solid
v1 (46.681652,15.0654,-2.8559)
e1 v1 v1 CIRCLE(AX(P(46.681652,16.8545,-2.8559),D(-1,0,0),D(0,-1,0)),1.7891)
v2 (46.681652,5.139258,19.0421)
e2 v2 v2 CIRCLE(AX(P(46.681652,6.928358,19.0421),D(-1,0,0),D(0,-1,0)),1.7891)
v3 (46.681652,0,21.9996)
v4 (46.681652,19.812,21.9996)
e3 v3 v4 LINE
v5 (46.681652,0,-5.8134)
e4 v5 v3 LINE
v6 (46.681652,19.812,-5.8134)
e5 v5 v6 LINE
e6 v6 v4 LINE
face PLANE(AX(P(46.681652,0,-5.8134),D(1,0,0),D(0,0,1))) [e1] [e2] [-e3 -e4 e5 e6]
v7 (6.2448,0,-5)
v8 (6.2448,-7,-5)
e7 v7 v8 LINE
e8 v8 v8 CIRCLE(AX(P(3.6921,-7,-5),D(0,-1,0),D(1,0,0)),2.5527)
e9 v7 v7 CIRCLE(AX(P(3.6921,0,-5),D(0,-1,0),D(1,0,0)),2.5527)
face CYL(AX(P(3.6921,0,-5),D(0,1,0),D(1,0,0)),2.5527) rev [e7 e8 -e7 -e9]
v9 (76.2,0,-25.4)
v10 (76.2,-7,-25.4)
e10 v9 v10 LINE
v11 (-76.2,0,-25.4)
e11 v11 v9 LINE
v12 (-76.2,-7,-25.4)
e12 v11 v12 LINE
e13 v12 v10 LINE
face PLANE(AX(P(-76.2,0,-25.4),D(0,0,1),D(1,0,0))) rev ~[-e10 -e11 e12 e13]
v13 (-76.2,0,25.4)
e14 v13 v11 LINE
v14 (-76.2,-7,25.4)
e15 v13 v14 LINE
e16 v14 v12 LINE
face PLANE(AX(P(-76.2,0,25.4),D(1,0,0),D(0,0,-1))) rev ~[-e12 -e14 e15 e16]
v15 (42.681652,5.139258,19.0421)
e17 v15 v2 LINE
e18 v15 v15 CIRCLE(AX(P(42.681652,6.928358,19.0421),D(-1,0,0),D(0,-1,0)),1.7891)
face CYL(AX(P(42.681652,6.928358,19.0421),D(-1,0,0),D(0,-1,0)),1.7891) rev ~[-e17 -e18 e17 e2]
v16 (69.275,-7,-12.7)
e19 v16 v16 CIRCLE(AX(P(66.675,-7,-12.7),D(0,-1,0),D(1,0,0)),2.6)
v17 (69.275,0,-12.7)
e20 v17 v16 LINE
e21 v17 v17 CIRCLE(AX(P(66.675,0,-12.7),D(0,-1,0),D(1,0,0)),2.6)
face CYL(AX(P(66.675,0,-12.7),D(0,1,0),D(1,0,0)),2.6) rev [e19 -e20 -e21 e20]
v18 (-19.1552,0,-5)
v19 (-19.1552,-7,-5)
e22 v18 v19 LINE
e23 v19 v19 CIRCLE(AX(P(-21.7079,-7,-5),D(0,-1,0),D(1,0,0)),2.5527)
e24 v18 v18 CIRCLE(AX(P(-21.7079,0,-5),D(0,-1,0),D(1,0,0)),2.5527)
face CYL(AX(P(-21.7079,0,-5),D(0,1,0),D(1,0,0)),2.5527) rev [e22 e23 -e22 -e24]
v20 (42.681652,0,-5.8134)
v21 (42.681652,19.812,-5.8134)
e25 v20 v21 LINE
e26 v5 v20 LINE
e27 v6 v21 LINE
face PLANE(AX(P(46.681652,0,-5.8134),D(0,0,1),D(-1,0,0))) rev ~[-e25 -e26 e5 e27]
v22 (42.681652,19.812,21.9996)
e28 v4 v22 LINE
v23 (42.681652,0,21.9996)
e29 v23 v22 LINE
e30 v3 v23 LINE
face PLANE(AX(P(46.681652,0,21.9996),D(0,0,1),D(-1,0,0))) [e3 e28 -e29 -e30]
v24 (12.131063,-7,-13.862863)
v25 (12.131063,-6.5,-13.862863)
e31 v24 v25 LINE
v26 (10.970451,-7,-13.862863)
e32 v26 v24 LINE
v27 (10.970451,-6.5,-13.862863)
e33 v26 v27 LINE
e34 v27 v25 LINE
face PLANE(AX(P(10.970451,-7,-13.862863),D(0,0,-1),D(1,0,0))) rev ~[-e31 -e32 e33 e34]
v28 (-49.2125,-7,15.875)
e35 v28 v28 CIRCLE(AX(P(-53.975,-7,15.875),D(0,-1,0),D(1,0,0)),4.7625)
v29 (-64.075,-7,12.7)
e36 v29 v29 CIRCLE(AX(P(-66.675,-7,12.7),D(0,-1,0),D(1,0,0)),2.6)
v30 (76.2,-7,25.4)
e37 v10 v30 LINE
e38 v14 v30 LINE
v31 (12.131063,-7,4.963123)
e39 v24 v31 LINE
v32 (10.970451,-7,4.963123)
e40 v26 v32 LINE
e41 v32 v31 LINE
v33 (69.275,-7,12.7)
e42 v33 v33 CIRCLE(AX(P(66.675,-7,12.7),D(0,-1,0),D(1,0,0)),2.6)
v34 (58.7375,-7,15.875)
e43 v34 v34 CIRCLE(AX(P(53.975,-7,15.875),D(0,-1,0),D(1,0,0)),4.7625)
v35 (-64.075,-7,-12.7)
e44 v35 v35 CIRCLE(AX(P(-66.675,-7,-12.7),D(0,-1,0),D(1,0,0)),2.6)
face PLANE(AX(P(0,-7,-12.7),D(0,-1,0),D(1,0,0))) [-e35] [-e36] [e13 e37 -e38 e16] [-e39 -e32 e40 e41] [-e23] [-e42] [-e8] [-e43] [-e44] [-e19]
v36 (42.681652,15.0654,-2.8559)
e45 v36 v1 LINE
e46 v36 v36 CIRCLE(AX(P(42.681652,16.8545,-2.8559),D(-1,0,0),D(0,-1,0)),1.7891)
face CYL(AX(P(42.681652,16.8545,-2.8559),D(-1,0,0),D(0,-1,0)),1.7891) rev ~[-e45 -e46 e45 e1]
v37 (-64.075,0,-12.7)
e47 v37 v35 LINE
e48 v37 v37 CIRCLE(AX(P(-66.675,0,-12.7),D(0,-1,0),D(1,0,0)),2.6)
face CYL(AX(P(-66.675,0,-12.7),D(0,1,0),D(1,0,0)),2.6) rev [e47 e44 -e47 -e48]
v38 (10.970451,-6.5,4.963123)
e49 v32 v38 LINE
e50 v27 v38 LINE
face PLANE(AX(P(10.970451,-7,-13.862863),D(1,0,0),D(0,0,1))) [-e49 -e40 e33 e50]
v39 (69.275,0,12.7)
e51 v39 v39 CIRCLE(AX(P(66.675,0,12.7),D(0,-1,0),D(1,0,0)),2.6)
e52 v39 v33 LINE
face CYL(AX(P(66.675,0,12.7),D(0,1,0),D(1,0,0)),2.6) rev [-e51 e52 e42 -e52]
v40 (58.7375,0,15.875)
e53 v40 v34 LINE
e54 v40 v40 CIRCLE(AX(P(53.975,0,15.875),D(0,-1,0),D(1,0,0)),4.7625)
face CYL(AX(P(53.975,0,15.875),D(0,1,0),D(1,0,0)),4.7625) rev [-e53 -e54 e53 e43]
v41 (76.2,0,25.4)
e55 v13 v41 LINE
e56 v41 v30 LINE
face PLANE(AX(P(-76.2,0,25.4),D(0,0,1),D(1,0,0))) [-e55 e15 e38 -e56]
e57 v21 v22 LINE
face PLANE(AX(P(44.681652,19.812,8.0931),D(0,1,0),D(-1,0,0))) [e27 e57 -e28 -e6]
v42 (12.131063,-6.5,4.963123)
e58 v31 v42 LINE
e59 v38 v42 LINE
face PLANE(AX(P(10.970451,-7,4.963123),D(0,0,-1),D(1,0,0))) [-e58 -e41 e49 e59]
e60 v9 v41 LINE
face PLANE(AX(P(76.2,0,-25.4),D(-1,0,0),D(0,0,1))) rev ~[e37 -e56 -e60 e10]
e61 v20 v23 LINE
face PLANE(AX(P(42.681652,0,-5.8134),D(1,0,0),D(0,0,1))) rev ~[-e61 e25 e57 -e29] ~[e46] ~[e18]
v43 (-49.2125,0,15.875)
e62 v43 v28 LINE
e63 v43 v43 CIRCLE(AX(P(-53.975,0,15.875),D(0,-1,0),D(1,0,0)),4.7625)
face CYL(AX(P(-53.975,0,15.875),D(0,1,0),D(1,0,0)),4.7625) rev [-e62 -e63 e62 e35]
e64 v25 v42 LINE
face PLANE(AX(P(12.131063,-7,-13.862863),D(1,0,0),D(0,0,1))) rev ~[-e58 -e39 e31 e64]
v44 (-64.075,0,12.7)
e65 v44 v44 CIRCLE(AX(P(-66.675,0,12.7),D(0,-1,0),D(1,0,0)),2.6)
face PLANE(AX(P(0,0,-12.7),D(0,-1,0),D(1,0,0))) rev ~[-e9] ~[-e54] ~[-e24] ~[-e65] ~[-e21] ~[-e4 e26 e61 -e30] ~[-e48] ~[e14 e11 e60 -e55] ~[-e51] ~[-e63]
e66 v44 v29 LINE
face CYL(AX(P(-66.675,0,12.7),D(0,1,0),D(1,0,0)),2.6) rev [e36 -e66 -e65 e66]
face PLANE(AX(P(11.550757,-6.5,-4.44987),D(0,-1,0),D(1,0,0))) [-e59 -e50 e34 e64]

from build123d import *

# Parameters (mm, degrees)
F0_W     = 152.4
F0_H     = 25.4
F0_R     = 2.6
F0_R_2   = 2.5527
F0_R_3   = 4.7625
F1_DEPTH = 7
F3_DEPTH = 0.2
F4_W     = 1.160611
F4_H     = 18.825986
F5_DEPTH = 0.5
F6_W     = 4
F6_H     = 27.813
F7_DEPTH = 19.812
F8_R     = 1.7891
F9_DEPTH = 4


with BuildPart() as f1:
    # F0 (on Front) → F1 (new body)
    with BuildSketch(Plane.XZ):
        with Locations((0, -12.7)):
            Rectangle(F0_W, F0_H)
        with Locations((-66.675, -12.7)):
            Circle(F0_R, mode=Mode.SUBTRACT)
        with Locations((-21.7079, -5)):
            Circle(F0_R_2, mode=Mode.SUBTRACT)
        with Locations((66.675, -12.7)):
            Circle(F0_R, mode=Mode.SUBTRACT)
        with Locations((3.6921, -5)):
            Circle(F0_R_2, mode=Mode.SUBTRACT)
        with Locations((0, 12.7)):
            Rectangle(F0_W, F0_H)
        with Locations((-66.675, 12.7)):
            Circle(F0_R, mode=Mode.SUBTRACT)
        with Locations((-53.975, 15.875)):
            Circle(F0_R_3, mode=Mode.SUBTRACT)
        with Locations((66.675, 12.7)):
            Circle(F0_R, mode=Mode.SUBTRACT)
        with Locations((53.975, 15.875)):
            Circle(F0_R_3, mode=Mode.SUBTRACT)
    extrude(amount=F1_DEPTH)

    # F0 (on Front) → F3 (cut)
    with BuildSketch(Plane.XZ):
        with Locations((0, -12.7)):
            Rectangle(F0_W, F0_H)
        with Locations((-66.675, -12.7)):
            Circle(F0_R, mode=Mode.SUBTRACT)
        with Locations((-21.7079, -5)):
            Circle(F0_R_2, mode=Mode.SUBTRACT)
        with Locations((66.675, -12.7)):
            Circle(F0_R, mode=Mode.SUBTRACT)
        with Locations((3.6921, -5)):
            Circle(F0_R_2, mode=Mode.SUBTRACT)
        with Locations((0, 12.7)):
            Rectangle(F0_W, F0_H)
        with Locations((-66.675, 12.7)):
            Circle(F0_R, mode=Mode.SUBTRACT)
        with Locations((-53.975, 15.875)):
            Circle(F0_R_3, mode=Mode.SUBTRACT)
        with Locations((66.675, 12.7)):
            Circle(F0_R, mode=Mode.SUBTRACT)
        with Locations((53.975, 15.875)):
            Circle(F0_R_3, mode=Mode.SUBTRACT)
    extrude(amount=-F3_DEPTH, mode=Mode.SUBTRACT)

    # F4 (on face) → F5 (cut)
    with BuildSketch(Plane.XZ.offset(7)):
        with Locations((11.550757, -4.44987)):
            Rectangle(F4_W, F4_H)
    extrude(amount=-F5_DEPTH, mode=Mode.SUBTRACT)

    # F6 (on face) → F7 (join)
    with BuildSketch(Plane(origin=(0, 0, 0), x_dir=(-1, 0, 0), z_dir=(0, 1, 0))):
        with Locations((-44.681652, 8.0931)):
            Rectangle(F6_W, F6_H)
    extrude(amount=F7_DEPTH)

    # F8 (on face) → F9 (cut, through all)
    with BuildSketch(Plane(origin=(42.681652, 0, 0), x_dir=(0, -1, 0), z_dir=(-1, 0, 0))):
        with Locations((-16.8545, -2.8559)):
            Circle(F8_R)
        with Locations((-6.928358, 19.0421)):
            Circle(F8_R)
    extrude(amount=-F9_DEPTH, mode=Mode.SUBTRACT)


solid = f1.part
